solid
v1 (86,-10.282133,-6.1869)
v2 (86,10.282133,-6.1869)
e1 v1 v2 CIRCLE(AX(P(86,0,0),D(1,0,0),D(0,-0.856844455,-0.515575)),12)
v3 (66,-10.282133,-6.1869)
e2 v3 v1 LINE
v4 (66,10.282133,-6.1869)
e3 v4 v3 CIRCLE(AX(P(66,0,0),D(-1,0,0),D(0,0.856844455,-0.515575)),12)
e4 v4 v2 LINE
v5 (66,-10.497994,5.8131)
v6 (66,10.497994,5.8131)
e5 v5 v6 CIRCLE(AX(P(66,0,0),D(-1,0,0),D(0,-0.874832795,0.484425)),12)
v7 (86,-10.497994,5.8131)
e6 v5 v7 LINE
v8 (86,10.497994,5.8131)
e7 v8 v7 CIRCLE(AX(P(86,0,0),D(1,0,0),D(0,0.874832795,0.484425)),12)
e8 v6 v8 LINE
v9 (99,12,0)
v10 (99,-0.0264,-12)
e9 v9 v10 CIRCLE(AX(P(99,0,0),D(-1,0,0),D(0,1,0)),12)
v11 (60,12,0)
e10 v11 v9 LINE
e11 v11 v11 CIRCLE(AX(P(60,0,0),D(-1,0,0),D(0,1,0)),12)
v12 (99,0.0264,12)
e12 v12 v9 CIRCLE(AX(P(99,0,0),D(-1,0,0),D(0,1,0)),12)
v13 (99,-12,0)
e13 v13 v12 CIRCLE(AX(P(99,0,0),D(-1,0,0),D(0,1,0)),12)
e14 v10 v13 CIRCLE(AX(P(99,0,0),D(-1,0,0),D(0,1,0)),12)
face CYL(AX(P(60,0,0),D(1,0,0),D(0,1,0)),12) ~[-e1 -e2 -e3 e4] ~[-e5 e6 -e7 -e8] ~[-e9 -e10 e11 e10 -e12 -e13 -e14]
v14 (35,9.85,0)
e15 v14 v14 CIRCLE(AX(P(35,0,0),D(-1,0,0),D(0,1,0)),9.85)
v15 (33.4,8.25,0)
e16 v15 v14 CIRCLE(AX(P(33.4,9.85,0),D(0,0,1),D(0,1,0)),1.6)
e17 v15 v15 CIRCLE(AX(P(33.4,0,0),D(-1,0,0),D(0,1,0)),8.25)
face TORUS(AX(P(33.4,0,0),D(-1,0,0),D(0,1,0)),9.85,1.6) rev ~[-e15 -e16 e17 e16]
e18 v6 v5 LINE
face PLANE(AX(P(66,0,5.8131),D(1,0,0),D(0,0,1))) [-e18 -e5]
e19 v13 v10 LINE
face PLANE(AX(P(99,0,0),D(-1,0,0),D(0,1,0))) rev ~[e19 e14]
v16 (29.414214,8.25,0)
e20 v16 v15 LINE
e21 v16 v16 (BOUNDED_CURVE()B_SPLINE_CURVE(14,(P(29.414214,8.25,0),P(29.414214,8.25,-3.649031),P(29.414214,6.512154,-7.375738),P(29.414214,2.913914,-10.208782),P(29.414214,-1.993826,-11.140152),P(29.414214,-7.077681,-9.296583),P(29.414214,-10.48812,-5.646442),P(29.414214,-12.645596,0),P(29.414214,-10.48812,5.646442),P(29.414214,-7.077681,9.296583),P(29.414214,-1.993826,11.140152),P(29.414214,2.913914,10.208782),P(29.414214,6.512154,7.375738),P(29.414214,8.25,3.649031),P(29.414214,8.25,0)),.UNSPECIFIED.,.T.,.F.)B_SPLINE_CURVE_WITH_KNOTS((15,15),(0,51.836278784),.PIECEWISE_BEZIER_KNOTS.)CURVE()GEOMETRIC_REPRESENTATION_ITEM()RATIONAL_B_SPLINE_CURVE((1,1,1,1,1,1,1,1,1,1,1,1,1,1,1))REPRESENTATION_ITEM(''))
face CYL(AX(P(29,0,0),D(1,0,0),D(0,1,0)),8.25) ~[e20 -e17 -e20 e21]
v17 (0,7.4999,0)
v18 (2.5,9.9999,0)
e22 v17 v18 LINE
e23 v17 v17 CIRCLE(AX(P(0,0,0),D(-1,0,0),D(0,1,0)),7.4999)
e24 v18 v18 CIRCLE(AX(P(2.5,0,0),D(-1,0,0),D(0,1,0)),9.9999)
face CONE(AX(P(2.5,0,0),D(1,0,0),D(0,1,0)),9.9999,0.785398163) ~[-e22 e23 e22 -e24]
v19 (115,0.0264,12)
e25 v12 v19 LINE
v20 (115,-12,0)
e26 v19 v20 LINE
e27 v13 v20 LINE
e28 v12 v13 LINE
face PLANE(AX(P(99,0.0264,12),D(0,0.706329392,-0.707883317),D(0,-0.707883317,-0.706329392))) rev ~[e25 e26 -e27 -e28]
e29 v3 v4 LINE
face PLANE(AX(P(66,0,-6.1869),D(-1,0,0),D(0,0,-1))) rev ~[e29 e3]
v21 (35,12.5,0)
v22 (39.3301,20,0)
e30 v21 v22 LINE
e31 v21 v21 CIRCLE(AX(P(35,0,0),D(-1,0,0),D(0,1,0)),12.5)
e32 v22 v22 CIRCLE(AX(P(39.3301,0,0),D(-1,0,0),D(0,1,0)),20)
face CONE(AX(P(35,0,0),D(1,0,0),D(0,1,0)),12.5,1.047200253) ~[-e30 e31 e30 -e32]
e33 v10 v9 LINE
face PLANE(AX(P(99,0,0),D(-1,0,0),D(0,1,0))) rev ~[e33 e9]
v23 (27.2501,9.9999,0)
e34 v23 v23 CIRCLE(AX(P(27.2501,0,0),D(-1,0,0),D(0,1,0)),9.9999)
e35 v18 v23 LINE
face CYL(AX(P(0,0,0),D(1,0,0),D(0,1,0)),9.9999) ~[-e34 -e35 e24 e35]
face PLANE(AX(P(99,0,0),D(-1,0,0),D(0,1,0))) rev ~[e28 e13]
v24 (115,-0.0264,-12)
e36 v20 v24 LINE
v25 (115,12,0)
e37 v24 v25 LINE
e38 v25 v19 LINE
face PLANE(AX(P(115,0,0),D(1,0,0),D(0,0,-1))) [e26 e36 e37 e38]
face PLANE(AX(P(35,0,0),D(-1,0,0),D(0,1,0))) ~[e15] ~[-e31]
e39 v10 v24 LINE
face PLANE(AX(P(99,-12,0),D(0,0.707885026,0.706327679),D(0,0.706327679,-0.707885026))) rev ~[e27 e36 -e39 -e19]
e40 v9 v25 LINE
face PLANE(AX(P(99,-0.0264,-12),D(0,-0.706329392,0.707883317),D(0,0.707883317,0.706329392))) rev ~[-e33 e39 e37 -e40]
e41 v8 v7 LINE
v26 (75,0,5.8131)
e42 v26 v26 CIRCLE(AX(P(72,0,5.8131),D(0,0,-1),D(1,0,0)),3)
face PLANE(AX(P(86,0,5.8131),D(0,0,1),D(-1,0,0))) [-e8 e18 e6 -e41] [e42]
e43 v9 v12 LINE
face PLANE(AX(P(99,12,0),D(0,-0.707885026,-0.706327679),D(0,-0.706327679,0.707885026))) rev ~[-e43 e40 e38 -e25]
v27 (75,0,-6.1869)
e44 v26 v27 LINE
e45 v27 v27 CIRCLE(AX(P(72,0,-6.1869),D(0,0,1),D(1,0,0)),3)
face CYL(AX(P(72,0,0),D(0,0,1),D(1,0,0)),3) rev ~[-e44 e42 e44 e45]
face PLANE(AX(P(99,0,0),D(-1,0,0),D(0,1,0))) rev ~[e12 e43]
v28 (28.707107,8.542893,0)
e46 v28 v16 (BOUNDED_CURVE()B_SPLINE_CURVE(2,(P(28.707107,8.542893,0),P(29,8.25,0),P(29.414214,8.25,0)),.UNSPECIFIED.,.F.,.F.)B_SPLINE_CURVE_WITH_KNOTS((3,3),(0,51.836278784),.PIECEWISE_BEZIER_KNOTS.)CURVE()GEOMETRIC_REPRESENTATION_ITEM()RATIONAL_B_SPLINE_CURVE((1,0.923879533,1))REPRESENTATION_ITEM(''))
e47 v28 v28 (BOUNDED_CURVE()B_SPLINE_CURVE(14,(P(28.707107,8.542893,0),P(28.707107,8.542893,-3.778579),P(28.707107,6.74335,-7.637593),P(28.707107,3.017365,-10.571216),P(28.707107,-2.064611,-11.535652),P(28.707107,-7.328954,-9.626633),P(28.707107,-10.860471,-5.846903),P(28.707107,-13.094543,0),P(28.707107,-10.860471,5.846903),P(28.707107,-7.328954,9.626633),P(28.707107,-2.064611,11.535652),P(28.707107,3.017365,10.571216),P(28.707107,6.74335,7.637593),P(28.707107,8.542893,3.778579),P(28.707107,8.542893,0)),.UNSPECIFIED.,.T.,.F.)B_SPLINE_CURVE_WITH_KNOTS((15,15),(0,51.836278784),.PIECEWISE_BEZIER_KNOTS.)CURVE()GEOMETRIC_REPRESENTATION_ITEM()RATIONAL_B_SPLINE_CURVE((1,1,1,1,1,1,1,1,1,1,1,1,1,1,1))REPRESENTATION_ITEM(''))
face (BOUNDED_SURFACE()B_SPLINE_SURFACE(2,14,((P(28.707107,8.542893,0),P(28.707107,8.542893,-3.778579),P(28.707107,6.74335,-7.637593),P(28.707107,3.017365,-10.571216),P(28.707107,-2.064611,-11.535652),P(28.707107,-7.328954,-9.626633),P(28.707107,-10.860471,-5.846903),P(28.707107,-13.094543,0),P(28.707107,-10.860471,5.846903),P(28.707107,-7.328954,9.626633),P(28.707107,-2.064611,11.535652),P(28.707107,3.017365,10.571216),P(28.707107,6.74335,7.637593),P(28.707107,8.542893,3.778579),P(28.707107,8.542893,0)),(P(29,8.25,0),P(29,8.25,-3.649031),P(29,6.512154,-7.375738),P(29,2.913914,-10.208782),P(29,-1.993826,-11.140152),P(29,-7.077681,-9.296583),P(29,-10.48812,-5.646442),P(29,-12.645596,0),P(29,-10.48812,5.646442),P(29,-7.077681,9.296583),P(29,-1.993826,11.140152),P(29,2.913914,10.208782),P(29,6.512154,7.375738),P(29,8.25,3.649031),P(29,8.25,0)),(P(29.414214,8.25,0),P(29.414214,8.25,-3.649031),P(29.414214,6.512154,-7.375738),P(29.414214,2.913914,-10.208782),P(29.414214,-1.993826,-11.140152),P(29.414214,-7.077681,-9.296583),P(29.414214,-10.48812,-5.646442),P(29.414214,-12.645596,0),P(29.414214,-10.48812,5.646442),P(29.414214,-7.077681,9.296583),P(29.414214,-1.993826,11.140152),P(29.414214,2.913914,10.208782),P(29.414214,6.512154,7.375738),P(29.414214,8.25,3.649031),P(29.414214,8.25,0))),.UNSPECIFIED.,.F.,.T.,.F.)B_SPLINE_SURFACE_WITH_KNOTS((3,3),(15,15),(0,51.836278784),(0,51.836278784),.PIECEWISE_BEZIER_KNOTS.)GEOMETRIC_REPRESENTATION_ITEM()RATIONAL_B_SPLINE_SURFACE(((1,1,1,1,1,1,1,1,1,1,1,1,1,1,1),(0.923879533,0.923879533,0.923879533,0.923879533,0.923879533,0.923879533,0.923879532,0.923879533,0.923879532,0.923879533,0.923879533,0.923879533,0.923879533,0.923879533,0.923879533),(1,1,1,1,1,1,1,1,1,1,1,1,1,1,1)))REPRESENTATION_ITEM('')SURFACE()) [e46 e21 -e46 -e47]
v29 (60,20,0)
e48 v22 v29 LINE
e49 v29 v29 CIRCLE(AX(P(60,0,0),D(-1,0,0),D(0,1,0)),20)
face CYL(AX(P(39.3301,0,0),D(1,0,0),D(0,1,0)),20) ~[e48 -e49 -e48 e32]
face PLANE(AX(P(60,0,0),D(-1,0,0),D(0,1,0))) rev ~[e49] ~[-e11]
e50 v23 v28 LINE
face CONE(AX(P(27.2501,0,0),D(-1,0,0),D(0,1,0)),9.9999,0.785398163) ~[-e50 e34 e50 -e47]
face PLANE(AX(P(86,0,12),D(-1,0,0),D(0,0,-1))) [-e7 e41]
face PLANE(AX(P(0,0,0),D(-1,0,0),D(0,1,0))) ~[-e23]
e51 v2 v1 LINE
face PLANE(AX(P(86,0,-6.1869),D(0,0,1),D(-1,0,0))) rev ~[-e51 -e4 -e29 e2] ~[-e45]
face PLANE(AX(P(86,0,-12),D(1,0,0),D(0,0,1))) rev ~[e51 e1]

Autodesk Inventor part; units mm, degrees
ref_plane "YZ Plane" through (0, 0, 0) normal (1, 0, 0) x (0, 1, 0)
ref_plane "XZ Plane" through (0, 0, 0) normal (0, 1, 0) x (-1, 0, 0)
ref_plane "XY Plane" through (0, 0, 0) normal (0, 0, 1) x (1, 0, 0)
sketch "Эскиз1" plane through (0, 0, 0) normal (0, 0, 1) x (1, 0, 0)
  line L0 (0, 0) -> (0, 9.9999)
  line L1 (0, 9.9999) -> (27.2501, 9.9999)
  line L2 (27.2501, 9.9999) -> (29, 8.25)
  line L3 (29, 8.25) -> (35, 8.25)
  line L4 (35, 8.25) -> (35, 12.5)
  line L5 (35, 12.5) -> (39.3301, 20)
  line L6 (39.3301, 20) -> (60, 20)
  line L7 (60, 20) -> (60, 12)
  line L8 (60, 12) -> (99, 12)
  line L9 (99, 12) -> (99, 0)
  line L10 (99, 0) -> (0, 0)
  dimension "d1" = 45
  dimension "d2" = 30
  dimension "d3" = 6
  dimension "d4" = 35
  dimension "d7" = 24
  dimension "d8" = 19.9998
  dimension "d9" = 16.5
  dimension "d10" = 25
  dimension "d11" = 39
  dimension "d12" = 99
  dimension "d14" = 40
revolve "Вращение1" add sketch "Эскиз1" angle 360 about axis through (99, 0, 0) along (-1, 0, 0)
sketch "Эскиз2" plane through (99, 0, 0) normal (1, 0, 0) x (0, 0, -1)
  circle A0 centre (0, 0) radius 12 projected
  line L0 (12, 0) -> (0, 12)
  line L1 (0, 12) -> (-12.0353, -0.0353)
  line L2 (-12.0353, -0.0353) -> (-0.0353, -12.0353)
  line L3 (-0.0353, -12.0353) -> (12, 0)
extrude "Выдавливание1" [suppressed]
sketch "Эскиз3" plane through (0, 0, 0) normal (0, 1, 0) x (-1, 0, 0)
  point P0 (0, 0)
sketch "Эскиз4" plane through (0, 0, 0) normal (0, 1, 0) x (-1, 0, 0)
  line L0 (-60, -12) -> (-99, -12) projected
  line L1 (-66, -12) -> (-86, -12)
  line L2 (-86, -12) -> (-86, -6.1869)
  line L3 (-86, -6.1869) -> (-66, -6.1869)
  line L4 (-66, -6.1869) -> (-66, -12)
  line L5 (-60, 12) -> (-99, 12) projected
  line L6 (-66, 12) -> (-86, 12)
  line L7 (-86, 12) -> (-86, 5.8131)
  line L8 (-86, 5.8131) -> (-66, 5.8131)
  line L9 (-66, 5.8131) -> (-66, 12)
  line L10 (-60, 20) -> (-60, -20) projected
  point P0 (0, 0)
  dimension "d18" = 6
  dimension "d19" = 6
  dimension "d20" = 20
  dimension "d21" = 12
extrude "Выдавливание2" cut sketch "Эскиз4" along normal through all both and the other way through all
sketch "Эскиз5" plane through (0, 0, 0) normal (0, 0, 1) x (1, 0, 0)
  line L0 (60, -12) -> (60, 12) projected
  line L1 (60, -20) -> (60, 20) projected
  line L2 (-21.8, 0) -> (130.8, 0) projected
  circle A0 centre (72, 0) radius 3
  point P0 (0, 0)
  dimension "d24" = 6
  dimension "d25" = 12
extrude "Выдавливание3" cut sketch "Эскиз5" along normal through all both and the other way through all
thread "Резьба1" size "M20x2.5" class "6g" standard "ISO Metric profile" full length
chamfer "Фаска1" distance 2.5 angle 45 1 edges at (0, -9.9999, 0)
fillet "Сопряжение1" radius 1 1 edges at (29, -8.25, 0)
fillet "Сопряжение2" radius 1.6 1 edges at (35, -8.25, 0)
sketch "Эскиз6" plane through (72, 0, 0) normal (0, 0, 1) x (1, 0, 0)
  point P0 (-72, 0)
sketch "Эскиз7" plane through (99, -8.4853, 8.4853) normal (0, 0, 1) x (1, 0, 0)
  point P0 (-99, 8.4853)
sketch "Эскиз8" plane through (99, 0, 0) normal (1, 0, 0) x (0, 0, -1)
  circle A0 centre (0, 0) radius 12 projected
  circle A1 centre (0, 0) radius 12 projected
  line L0 (12, -0.0264) -> (0, 12)
  line L1 (0, 12) -> (-12, 0.0264)
  line L2 (-12, 0.0264) -> (0, -12)
  line L3 (0, -12) -> (12, -0.0264)
extrude "Выдавливание4" add sketch "Эскиз8" along normal blind 16 contours L0 L3 L2 L1
properties part number "Семинр Курганова вал"
